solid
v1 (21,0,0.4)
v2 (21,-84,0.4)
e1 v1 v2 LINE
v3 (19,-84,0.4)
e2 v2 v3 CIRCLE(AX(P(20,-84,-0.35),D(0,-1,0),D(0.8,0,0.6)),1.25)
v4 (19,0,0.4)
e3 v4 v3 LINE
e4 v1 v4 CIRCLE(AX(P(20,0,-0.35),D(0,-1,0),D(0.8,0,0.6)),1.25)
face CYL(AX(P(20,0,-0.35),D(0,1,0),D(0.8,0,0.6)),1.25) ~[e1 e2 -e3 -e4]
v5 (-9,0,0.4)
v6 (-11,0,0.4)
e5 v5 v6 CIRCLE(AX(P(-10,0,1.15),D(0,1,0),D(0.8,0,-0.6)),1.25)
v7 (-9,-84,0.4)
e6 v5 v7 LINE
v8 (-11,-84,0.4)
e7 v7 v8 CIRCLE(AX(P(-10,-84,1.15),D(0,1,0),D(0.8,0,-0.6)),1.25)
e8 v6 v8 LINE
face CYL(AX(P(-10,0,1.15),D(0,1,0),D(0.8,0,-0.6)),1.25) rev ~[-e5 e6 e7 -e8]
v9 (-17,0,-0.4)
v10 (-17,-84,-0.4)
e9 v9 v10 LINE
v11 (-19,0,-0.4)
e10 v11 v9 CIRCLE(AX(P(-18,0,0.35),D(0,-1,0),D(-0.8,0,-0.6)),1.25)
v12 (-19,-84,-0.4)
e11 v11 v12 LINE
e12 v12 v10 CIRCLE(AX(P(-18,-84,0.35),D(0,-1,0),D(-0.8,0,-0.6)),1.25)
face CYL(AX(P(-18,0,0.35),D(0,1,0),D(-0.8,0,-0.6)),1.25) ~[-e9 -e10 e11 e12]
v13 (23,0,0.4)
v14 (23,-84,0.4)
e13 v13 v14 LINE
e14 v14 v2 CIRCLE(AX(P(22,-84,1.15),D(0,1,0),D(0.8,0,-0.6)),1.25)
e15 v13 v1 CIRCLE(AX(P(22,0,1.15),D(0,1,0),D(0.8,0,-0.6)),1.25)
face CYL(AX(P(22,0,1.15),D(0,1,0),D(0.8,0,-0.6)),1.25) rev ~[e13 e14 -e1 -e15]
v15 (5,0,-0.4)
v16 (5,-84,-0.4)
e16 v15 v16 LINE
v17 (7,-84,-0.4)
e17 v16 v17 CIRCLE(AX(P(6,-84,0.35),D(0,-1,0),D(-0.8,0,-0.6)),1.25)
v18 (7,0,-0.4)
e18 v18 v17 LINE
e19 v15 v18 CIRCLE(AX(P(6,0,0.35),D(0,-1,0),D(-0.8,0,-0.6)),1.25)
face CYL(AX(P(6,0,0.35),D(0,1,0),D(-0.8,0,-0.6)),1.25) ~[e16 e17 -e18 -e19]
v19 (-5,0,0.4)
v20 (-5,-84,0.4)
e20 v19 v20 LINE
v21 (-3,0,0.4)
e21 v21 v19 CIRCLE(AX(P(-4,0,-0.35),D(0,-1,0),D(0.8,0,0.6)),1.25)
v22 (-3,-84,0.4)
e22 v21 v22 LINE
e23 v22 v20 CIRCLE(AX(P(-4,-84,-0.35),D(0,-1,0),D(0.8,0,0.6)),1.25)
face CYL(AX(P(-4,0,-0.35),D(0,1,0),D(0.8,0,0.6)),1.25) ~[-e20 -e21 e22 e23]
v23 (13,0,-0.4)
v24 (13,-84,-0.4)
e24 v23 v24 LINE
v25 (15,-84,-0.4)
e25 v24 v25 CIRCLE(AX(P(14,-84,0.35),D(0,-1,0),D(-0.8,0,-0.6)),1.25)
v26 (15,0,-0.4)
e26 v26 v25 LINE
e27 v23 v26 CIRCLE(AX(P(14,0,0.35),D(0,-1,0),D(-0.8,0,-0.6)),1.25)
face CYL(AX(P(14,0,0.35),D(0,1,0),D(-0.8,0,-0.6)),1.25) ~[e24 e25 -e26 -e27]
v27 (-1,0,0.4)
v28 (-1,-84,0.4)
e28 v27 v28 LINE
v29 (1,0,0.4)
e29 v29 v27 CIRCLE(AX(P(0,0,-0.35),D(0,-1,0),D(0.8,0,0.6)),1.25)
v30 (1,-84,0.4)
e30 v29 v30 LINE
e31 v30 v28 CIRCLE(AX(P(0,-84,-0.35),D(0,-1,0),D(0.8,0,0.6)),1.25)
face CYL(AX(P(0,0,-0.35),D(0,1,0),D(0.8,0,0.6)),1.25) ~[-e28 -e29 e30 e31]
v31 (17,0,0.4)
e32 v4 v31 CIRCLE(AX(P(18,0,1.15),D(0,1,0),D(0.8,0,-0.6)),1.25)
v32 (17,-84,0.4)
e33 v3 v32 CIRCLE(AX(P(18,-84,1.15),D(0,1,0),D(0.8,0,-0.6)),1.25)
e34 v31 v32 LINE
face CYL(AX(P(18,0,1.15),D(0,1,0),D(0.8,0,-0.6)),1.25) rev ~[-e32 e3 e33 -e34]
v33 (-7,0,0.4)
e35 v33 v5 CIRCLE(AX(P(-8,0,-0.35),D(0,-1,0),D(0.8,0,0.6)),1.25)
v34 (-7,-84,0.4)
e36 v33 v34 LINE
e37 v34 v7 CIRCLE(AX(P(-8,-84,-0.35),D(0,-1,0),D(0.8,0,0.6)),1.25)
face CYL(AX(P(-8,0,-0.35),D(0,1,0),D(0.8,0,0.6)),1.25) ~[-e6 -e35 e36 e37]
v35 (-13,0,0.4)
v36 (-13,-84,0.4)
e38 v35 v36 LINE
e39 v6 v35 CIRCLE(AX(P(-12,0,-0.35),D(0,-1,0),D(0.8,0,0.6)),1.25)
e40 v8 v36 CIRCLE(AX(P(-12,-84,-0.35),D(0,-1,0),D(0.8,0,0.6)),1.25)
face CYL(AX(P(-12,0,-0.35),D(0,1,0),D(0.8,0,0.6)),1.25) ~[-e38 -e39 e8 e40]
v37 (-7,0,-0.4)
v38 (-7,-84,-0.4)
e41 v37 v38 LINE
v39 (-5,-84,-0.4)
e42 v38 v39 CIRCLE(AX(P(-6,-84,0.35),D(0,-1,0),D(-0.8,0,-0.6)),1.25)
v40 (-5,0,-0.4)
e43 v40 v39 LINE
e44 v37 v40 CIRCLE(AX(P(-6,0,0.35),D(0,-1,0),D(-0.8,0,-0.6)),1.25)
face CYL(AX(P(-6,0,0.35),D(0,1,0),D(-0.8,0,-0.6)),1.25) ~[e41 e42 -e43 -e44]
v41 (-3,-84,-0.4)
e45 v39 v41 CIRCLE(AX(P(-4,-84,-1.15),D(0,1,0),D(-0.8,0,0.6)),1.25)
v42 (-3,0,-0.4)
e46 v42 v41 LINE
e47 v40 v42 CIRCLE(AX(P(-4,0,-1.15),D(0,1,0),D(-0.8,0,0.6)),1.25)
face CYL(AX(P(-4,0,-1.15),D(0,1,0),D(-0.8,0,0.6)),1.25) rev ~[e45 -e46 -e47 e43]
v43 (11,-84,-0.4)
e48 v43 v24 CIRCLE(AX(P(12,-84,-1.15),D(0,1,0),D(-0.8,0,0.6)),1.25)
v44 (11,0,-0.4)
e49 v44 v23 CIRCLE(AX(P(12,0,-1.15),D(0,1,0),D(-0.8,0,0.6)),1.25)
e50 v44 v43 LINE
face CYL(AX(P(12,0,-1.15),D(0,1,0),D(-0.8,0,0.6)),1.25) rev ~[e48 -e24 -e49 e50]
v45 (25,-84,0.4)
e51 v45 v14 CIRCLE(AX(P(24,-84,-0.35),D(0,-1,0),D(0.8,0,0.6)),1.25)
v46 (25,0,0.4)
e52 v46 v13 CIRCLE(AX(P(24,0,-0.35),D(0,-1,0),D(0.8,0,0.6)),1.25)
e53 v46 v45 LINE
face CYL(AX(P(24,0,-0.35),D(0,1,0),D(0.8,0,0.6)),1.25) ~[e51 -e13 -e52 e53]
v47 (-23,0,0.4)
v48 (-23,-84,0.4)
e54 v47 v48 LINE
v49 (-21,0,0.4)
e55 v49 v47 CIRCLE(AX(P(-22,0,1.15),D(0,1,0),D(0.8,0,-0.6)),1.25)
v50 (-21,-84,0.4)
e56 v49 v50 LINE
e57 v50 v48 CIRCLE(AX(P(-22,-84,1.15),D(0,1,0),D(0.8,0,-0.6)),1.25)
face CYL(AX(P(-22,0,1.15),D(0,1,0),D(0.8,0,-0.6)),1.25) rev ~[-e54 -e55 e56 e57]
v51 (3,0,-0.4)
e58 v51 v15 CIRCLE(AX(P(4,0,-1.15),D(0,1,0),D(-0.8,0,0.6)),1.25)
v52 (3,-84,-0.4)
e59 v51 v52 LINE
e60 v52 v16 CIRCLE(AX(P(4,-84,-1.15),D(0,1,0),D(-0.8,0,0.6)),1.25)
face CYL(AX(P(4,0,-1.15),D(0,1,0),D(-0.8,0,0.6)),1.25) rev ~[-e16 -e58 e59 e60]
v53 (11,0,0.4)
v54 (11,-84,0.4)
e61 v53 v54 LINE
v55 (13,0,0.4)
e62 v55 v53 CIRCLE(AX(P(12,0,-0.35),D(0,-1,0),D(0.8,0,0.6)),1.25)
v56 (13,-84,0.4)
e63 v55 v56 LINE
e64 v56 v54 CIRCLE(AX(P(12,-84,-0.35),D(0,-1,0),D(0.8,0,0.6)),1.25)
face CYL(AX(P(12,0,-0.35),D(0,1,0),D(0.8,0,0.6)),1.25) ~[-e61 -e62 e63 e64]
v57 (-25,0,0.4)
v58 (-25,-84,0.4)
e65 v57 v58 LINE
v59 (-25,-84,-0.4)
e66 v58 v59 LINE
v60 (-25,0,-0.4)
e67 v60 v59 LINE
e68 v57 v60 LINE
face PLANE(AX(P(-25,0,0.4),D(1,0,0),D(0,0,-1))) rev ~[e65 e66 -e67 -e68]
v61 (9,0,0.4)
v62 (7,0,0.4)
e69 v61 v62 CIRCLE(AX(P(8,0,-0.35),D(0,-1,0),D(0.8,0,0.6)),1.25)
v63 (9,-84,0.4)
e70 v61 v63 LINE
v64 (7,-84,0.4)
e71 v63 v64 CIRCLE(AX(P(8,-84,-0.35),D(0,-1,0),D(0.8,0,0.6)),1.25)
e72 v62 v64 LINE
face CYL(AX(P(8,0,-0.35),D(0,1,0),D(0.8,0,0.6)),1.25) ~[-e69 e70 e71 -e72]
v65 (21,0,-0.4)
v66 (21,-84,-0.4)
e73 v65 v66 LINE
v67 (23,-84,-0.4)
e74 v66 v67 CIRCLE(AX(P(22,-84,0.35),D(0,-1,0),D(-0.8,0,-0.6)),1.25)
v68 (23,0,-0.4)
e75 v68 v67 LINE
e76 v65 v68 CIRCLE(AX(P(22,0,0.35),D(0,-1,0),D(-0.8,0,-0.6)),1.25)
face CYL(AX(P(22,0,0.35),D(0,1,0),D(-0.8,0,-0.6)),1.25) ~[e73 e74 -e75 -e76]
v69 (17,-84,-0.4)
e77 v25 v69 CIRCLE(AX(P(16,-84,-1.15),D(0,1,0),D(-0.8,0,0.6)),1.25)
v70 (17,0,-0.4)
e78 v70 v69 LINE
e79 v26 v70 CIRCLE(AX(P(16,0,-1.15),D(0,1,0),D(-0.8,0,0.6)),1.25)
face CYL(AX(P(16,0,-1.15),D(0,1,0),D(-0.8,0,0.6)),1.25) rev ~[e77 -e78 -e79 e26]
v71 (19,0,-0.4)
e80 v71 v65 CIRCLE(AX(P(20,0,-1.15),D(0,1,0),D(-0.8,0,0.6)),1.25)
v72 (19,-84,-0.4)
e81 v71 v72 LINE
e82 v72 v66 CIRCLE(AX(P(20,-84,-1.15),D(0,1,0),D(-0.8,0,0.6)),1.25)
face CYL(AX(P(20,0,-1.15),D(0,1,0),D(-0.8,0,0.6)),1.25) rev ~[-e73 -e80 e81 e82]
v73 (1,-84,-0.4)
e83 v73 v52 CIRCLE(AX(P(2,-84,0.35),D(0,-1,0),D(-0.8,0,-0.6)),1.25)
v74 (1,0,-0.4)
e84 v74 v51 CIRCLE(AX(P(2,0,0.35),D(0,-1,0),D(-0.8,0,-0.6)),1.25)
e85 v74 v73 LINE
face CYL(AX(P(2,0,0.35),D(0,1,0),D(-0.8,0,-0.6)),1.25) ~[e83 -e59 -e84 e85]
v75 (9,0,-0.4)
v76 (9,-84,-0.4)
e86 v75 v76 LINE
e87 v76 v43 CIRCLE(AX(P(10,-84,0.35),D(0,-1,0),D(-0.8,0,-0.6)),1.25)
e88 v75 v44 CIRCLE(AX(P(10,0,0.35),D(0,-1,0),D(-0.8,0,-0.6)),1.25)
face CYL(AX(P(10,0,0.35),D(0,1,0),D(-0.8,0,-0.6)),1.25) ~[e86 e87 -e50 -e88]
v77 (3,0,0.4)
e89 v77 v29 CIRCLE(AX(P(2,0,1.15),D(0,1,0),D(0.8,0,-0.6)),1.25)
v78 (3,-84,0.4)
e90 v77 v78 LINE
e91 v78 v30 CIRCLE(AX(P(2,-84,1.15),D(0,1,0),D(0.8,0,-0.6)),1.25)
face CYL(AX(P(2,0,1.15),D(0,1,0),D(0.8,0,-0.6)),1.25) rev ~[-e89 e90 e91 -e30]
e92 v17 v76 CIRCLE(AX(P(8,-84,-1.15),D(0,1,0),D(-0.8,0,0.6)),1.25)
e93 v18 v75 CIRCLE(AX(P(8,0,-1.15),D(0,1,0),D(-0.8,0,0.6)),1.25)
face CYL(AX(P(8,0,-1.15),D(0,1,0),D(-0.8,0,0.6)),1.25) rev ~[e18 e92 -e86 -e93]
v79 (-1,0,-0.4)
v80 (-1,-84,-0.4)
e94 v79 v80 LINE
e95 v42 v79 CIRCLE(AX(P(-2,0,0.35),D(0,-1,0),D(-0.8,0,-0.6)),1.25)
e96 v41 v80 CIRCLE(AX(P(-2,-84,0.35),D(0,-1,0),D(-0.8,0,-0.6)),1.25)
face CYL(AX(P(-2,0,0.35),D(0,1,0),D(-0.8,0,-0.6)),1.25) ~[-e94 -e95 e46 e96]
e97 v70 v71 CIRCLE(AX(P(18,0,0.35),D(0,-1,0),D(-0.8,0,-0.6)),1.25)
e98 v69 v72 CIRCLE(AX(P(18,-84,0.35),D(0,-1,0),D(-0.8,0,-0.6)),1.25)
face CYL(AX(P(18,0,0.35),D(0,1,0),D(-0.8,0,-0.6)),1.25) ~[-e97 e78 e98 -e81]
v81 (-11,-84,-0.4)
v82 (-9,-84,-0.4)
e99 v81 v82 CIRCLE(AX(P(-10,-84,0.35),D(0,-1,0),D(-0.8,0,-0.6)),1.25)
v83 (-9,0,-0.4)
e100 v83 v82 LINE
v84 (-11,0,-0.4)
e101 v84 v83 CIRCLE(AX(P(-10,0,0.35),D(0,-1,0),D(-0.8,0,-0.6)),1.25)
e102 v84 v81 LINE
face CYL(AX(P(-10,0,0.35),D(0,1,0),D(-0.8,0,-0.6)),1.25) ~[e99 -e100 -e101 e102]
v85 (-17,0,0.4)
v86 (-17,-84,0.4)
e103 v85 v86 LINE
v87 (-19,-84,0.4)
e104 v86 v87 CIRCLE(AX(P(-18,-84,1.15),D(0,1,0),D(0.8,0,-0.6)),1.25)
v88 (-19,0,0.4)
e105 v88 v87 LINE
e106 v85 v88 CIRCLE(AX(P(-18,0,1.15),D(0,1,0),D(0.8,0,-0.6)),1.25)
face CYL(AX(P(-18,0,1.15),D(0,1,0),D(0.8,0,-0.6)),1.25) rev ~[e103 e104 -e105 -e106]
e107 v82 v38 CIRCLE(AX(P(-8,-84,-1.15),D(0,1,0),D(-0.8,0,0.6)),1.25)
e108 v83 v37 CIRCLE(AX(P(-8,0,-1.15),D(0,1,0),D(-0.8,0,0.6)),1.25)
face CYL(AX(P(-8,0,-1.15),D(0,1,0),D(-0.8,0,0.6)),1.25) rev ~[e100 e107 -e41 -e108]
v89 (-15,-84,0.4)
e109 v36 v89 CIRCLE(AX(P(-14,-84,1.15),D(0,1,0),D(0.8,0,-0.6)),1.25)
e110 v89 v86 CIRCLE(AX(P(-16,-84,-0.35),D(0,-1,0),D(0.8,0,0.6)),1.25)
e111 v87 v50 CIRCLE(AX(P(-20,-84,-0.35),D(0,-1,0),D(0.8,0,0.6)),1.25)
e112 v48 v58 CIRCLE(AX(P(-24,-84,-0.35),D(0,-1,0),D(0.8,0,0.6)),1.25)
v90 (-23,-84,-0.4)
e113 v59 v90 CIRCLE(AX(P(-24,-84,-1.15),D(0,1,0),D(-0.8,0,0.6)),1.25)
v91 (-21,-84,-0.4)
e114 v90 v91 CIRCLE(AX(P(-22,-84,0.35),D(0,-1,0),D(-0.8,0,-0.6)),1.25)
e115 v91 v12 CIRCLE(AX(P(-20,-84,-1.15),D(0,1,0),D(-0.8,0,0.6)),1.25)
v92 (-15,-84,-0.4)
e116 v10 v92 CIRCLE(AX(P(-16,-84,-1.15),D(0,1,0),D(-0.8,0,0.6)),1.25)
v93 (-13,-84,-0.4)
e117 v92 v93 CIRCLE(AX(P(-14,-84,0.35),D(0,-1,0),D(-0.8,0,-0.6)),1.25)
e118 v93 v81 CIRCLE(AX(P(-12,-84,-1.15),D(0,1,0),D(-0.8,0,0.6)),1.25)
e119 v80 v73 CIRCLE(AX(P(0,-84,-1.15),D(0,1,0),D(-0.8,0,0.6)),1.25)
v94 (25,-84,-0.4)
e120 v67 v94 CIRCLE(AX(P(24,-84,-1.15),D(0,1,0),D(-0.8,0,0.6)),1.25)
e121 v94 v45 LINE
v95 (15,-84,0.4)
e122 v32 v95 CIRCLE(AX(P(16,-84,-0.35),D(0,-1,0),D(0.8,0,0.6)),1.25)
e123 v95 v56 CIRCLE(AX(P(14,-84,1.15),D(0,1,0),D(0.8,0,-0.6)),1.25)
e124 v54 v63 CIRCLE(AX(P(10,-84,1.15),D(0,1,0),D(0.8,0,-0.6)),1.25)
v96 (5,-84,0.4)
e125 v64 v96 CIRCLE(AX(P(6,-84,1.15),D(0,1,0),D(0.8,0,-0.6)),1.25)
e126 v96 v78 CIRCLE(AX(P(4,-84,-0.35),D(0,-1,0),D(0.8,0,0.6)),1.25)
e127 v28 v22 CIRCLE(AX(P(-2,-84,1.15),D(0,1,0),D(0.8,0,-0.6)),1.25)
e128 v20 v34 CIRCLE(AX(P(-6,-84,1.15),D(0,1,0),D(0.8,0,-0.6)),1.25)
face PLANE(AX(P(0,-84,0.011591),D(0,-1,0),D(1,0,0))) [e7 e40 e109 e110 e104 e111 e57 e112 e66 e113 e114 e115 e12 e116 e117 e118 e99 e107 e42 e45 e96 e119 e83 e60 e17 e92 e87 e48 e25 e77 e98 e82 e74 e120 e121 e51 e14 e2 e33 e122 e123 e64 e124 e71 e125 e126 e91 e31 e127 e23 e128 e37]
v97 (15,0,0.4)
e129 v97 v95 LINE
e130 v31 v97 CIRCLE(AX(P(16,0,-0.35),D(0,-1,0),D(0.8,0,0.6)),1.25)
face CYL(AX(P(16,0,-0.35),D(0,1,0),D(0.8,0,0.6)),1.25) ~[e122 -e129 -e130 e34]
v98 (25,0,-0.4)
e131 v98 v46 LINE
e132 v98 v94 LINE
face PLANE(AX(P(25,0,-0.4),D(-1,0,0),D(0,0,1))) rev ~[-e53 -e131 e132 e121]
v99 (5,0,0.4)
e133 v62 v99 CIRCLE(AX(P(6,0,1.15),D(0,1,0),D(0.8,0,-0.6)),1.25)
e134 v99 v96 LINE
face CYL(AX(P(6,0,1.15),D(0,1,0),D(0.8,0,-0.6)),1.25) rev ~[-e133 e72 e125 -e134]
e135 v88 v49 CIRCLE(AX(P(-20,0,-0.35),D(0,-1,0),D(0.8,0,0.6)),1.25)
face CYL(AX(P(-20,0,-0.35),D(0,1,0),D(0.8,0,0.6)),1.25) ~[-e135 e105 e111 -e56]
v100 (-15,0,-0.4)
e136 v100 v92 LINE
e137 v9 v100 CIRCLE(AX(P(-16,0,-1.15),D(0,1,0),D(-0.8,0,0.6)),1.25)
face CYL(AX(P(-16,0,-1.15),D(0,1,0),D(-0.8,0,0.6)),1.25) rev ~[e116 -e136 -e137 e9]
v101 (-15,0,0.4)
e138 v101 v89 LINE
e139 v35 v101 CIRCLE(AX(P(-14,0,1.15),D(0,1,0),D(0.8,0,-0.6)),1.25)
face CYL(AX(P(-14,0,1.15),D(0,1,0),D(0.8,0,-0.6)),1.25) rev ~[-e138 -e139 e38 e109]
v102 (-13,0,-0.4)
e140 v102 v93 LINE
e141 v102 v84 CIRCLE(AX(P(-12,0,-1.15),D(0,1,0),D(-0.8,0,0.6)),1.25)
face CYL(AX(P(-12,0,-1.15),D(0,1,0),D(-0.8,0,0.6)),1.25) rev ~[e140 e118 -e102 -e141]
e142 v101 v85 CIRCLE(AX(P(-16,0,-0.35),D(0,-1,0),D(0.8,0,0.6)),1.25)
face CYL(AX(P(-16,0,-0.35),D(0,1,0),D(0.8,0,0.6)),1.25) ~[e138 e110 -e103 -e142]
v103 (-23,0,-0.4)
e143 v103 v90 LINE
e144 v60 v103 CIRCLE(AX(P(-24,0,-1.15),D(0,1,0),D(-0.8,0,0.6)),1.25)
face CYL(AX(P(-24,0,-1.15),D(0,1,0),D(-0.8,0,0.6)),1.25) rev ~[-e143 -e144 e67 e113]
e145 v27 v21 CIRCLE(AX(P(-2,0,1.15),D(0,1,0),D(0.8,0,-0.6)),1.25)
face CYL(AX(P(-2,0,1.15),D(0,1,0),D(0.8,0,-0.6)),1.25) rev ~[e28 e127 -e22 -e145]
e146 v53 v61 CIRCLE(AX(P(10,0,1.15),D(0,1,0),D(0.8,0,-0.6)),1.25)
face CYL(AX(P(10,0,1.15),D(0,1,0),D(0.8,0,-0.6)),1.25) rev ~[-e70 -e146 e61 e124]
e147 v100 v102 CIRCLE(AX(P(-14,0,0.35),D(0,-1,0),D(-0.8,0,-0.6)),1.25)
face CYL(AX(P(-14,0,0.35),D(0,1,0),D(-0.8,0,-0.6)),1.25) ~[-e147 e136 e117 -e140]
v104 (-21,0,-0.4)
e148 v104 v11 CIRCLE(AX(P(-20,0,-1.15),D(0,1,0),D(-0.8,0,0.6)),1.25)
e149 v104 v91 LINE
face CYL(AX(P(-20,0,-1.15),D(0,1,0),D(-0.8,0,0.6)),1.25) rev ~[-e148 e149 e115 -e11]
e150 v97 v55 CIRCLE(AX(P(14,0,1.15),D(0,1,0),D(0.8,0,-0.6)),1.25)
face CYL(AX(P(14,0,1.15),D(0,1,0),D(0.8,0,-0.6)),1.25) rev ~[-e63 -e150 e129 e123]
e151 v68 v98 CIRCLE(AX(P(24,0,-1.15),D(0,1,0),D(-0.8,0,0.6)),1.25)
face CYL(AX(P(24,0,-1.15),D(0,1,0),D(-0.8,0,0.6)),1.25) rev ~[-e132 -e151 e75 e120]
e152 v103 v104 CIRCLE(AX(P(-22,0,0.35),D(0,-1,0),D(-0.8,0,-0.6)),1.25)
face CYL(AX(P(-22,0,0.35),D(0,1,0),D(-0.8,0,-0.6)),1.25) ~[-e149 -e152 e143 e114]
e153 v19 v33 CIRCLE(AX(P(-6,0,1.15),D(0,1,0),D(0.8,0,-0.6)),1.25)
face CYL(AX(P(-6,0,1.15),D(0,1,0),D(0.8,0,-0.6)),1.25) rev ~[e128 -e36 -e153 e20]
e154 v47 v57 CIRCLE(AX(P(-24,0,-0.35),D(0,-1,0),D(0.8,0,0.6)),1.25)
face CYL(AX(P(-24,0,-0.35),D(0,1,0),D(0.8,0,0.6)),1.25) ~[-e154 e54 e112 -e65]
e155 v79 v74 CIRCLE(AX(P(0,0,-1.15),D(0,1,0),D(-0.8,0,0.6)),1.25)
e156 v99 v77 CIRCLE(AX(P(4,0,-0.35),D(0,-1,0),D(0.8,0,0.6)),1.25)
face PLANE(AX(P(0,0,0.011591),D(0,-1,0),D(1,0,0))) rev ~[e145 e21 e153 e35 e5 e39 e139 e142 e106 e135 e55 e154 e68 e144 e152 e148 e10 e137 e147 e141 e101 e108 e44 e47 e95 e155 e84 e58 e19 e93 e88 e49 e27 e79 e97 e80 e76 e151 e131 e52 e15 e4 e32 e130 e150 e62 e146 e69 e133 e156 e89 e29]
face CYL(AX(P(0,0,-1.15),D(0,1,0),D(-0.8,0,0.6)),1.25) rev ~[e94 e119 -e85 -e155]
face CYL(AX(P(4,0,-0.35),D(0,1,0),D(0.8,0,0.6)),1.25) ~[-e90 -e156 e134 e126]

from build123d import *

# Parameters (mm, degrees)
F1_DEPTH = 84


with BuildPart() as f1:
    # F0 (on Front) → F1 (new body)
    with BuildSketch(Plane.XZ):
        with BuildLine():
            ThreePointArc((-21, -0.4), (-20, 0.1), (-19, -0.4))
            ThreePointArc((-19, -0.4), (-18, -0.9), (-17, -0.4))
            ThreePointArc((-17, -0.4), (-16, 0.1), (-15, -0.4))
            ThreePointArc((-15, -0.4), (-14, -0.9), (-13, -0.4))
            ThreePointArc((-13, -0.4), (-12, 0.1), (-11, -0.4))
            ThreePointArc((-11, -0.4), (-10, -0.9), (-9, -0.4))
            ThreePointArc((-9, -0.4), (-8, 0.1), (-7, -0.4))
            ThreePointArc((-7, -0.4), (-6, -0.9), (-5, -0.4))
            ThreePointArc((-5, -0.4), (-4, 0.1), (-3, -0.4))
            ThreePointArc((-3, -0.4), (-2, -0.9), (-1, -0.4))
            ThreePointArc((-1, -0.4), (0, 0.1), (1, -0.4))
            ThreePointArc((1, -0.4), (2, -0.9), (3, -0.4))
            ThreePointArc((3, -0.4), (4, 0.1), (5, -0.4))
            ThreePointArc((5, -0.4), (6, -0.9), (7, -0.4))
            ThreePointArc((7, -0.4), (8, 0.1), (9, -0.4))
            ThreePointArc((9, -0.4), (10, -0.9), (11, -0.4))
            ThreePointArc((11, -0.4), (12, 0.1), (13, -0.4))
            ThreePointArc((13, -0.4), (14, -0.9), (15, -0.4))
            ThreePointArc((15, -0.4), (16, 0.1), (17, -0.4))
            ThreePointArc((17, -0.4), (18, -0.9), (19, -0.4))
            ThreePointArc((19, -0.4), (20, 0.1), (21, -0.4))
            ThreePointArc((21, -0.4), (22, -0.9), (23, -0.4))
            ThreePointArc((23, -0.4), (24, 0.1), (25, -0.4))
            Line((25, -0.4), (25, 0.4))
            ThreePointArc((25, 0.4), (24, 0.9), (23, 0.4))
            ThreePointArc((23, 0.4), (22, -0.1), (21, 0.4))
            ThreePointArc((21, 0.4), (20, 0.9), (19, 0.4))
            ThreePointArc((19, 0.4), (18, -0.1), (17, 0.4))
            ThreePointArc((17, 0.4), (16, 0.9), (15, 0.4))
            ThreePointArc((15, 0.4), (14, -0.1), (13, 0.4))
            ThreePointArc((13, 0.4), (12, 0.9), (11, 0.4))
            ThreePointArc((11, 0.4), (10, -0.1), (9, 0.4))
            ThreePointArc((9, 0.4), (8, 0.9), (7, 0.4))
            ThreePointArc((7, 0.4), (6, -0.1), (5, 0.4))
            ThreePointArc((5, 0.4), (4, 0.9), (3, 0.4))
            ThreePointArc((3, 0.4), (2, -0.1), (1, 0.4))
            ThreePointArc((1, 0.4), (0, 0.9), (-1, 0.4))
            ThreePointArc((-1, 0.4), (-2, -0.1), (-3, 0.4))
            ThreePointArc((-3, 0.4), (-4, 0.9), (-5, 0.4))
            ThreePointArc((-5, 0.4), (-6, -0.1), (-7, 0.4))
            ThreePointArc((-7, 0.4), (-8, 0.9), (-9, 0.4))
            ThreePointArc((-9, 0.4), (-10, -0.1), (-11, 0.4))
            ThreePointArc((-11, 0.4), (-12, 0.9), (-13, 0.4))
            ThreePointArc((-13, 0.4), (-14, -0.1), (-15, 0.4))
            ThreePointArc((-15, 0.4), (-16, 0.9), (-17, 0.4))
            ThreePointArc((-17, 0.4), (-18, -0.1), (-19, 0.4))
            ThreePointArc((-19, 0.4), (-20, 0.9), (-21, 0.4))
            ThreePointArc((-21, 0.4), (-22, -0.1), (-23, 0.4))
            ThreePointArc((-23, 0.4), (-24, 0.9), (-25, 0.4))
            Line((-25, 0.4), (-25, -0.4))
            ThreePointArc((-25, -0.4), (-24, 0.1), (-23, -0.4))
            ThreePointArc((-23, -0.4), (-22, -0.9), (-21, -0.4))
        make_face()
    extrude(amount=F1_DEPTH)


solid = f1.part
